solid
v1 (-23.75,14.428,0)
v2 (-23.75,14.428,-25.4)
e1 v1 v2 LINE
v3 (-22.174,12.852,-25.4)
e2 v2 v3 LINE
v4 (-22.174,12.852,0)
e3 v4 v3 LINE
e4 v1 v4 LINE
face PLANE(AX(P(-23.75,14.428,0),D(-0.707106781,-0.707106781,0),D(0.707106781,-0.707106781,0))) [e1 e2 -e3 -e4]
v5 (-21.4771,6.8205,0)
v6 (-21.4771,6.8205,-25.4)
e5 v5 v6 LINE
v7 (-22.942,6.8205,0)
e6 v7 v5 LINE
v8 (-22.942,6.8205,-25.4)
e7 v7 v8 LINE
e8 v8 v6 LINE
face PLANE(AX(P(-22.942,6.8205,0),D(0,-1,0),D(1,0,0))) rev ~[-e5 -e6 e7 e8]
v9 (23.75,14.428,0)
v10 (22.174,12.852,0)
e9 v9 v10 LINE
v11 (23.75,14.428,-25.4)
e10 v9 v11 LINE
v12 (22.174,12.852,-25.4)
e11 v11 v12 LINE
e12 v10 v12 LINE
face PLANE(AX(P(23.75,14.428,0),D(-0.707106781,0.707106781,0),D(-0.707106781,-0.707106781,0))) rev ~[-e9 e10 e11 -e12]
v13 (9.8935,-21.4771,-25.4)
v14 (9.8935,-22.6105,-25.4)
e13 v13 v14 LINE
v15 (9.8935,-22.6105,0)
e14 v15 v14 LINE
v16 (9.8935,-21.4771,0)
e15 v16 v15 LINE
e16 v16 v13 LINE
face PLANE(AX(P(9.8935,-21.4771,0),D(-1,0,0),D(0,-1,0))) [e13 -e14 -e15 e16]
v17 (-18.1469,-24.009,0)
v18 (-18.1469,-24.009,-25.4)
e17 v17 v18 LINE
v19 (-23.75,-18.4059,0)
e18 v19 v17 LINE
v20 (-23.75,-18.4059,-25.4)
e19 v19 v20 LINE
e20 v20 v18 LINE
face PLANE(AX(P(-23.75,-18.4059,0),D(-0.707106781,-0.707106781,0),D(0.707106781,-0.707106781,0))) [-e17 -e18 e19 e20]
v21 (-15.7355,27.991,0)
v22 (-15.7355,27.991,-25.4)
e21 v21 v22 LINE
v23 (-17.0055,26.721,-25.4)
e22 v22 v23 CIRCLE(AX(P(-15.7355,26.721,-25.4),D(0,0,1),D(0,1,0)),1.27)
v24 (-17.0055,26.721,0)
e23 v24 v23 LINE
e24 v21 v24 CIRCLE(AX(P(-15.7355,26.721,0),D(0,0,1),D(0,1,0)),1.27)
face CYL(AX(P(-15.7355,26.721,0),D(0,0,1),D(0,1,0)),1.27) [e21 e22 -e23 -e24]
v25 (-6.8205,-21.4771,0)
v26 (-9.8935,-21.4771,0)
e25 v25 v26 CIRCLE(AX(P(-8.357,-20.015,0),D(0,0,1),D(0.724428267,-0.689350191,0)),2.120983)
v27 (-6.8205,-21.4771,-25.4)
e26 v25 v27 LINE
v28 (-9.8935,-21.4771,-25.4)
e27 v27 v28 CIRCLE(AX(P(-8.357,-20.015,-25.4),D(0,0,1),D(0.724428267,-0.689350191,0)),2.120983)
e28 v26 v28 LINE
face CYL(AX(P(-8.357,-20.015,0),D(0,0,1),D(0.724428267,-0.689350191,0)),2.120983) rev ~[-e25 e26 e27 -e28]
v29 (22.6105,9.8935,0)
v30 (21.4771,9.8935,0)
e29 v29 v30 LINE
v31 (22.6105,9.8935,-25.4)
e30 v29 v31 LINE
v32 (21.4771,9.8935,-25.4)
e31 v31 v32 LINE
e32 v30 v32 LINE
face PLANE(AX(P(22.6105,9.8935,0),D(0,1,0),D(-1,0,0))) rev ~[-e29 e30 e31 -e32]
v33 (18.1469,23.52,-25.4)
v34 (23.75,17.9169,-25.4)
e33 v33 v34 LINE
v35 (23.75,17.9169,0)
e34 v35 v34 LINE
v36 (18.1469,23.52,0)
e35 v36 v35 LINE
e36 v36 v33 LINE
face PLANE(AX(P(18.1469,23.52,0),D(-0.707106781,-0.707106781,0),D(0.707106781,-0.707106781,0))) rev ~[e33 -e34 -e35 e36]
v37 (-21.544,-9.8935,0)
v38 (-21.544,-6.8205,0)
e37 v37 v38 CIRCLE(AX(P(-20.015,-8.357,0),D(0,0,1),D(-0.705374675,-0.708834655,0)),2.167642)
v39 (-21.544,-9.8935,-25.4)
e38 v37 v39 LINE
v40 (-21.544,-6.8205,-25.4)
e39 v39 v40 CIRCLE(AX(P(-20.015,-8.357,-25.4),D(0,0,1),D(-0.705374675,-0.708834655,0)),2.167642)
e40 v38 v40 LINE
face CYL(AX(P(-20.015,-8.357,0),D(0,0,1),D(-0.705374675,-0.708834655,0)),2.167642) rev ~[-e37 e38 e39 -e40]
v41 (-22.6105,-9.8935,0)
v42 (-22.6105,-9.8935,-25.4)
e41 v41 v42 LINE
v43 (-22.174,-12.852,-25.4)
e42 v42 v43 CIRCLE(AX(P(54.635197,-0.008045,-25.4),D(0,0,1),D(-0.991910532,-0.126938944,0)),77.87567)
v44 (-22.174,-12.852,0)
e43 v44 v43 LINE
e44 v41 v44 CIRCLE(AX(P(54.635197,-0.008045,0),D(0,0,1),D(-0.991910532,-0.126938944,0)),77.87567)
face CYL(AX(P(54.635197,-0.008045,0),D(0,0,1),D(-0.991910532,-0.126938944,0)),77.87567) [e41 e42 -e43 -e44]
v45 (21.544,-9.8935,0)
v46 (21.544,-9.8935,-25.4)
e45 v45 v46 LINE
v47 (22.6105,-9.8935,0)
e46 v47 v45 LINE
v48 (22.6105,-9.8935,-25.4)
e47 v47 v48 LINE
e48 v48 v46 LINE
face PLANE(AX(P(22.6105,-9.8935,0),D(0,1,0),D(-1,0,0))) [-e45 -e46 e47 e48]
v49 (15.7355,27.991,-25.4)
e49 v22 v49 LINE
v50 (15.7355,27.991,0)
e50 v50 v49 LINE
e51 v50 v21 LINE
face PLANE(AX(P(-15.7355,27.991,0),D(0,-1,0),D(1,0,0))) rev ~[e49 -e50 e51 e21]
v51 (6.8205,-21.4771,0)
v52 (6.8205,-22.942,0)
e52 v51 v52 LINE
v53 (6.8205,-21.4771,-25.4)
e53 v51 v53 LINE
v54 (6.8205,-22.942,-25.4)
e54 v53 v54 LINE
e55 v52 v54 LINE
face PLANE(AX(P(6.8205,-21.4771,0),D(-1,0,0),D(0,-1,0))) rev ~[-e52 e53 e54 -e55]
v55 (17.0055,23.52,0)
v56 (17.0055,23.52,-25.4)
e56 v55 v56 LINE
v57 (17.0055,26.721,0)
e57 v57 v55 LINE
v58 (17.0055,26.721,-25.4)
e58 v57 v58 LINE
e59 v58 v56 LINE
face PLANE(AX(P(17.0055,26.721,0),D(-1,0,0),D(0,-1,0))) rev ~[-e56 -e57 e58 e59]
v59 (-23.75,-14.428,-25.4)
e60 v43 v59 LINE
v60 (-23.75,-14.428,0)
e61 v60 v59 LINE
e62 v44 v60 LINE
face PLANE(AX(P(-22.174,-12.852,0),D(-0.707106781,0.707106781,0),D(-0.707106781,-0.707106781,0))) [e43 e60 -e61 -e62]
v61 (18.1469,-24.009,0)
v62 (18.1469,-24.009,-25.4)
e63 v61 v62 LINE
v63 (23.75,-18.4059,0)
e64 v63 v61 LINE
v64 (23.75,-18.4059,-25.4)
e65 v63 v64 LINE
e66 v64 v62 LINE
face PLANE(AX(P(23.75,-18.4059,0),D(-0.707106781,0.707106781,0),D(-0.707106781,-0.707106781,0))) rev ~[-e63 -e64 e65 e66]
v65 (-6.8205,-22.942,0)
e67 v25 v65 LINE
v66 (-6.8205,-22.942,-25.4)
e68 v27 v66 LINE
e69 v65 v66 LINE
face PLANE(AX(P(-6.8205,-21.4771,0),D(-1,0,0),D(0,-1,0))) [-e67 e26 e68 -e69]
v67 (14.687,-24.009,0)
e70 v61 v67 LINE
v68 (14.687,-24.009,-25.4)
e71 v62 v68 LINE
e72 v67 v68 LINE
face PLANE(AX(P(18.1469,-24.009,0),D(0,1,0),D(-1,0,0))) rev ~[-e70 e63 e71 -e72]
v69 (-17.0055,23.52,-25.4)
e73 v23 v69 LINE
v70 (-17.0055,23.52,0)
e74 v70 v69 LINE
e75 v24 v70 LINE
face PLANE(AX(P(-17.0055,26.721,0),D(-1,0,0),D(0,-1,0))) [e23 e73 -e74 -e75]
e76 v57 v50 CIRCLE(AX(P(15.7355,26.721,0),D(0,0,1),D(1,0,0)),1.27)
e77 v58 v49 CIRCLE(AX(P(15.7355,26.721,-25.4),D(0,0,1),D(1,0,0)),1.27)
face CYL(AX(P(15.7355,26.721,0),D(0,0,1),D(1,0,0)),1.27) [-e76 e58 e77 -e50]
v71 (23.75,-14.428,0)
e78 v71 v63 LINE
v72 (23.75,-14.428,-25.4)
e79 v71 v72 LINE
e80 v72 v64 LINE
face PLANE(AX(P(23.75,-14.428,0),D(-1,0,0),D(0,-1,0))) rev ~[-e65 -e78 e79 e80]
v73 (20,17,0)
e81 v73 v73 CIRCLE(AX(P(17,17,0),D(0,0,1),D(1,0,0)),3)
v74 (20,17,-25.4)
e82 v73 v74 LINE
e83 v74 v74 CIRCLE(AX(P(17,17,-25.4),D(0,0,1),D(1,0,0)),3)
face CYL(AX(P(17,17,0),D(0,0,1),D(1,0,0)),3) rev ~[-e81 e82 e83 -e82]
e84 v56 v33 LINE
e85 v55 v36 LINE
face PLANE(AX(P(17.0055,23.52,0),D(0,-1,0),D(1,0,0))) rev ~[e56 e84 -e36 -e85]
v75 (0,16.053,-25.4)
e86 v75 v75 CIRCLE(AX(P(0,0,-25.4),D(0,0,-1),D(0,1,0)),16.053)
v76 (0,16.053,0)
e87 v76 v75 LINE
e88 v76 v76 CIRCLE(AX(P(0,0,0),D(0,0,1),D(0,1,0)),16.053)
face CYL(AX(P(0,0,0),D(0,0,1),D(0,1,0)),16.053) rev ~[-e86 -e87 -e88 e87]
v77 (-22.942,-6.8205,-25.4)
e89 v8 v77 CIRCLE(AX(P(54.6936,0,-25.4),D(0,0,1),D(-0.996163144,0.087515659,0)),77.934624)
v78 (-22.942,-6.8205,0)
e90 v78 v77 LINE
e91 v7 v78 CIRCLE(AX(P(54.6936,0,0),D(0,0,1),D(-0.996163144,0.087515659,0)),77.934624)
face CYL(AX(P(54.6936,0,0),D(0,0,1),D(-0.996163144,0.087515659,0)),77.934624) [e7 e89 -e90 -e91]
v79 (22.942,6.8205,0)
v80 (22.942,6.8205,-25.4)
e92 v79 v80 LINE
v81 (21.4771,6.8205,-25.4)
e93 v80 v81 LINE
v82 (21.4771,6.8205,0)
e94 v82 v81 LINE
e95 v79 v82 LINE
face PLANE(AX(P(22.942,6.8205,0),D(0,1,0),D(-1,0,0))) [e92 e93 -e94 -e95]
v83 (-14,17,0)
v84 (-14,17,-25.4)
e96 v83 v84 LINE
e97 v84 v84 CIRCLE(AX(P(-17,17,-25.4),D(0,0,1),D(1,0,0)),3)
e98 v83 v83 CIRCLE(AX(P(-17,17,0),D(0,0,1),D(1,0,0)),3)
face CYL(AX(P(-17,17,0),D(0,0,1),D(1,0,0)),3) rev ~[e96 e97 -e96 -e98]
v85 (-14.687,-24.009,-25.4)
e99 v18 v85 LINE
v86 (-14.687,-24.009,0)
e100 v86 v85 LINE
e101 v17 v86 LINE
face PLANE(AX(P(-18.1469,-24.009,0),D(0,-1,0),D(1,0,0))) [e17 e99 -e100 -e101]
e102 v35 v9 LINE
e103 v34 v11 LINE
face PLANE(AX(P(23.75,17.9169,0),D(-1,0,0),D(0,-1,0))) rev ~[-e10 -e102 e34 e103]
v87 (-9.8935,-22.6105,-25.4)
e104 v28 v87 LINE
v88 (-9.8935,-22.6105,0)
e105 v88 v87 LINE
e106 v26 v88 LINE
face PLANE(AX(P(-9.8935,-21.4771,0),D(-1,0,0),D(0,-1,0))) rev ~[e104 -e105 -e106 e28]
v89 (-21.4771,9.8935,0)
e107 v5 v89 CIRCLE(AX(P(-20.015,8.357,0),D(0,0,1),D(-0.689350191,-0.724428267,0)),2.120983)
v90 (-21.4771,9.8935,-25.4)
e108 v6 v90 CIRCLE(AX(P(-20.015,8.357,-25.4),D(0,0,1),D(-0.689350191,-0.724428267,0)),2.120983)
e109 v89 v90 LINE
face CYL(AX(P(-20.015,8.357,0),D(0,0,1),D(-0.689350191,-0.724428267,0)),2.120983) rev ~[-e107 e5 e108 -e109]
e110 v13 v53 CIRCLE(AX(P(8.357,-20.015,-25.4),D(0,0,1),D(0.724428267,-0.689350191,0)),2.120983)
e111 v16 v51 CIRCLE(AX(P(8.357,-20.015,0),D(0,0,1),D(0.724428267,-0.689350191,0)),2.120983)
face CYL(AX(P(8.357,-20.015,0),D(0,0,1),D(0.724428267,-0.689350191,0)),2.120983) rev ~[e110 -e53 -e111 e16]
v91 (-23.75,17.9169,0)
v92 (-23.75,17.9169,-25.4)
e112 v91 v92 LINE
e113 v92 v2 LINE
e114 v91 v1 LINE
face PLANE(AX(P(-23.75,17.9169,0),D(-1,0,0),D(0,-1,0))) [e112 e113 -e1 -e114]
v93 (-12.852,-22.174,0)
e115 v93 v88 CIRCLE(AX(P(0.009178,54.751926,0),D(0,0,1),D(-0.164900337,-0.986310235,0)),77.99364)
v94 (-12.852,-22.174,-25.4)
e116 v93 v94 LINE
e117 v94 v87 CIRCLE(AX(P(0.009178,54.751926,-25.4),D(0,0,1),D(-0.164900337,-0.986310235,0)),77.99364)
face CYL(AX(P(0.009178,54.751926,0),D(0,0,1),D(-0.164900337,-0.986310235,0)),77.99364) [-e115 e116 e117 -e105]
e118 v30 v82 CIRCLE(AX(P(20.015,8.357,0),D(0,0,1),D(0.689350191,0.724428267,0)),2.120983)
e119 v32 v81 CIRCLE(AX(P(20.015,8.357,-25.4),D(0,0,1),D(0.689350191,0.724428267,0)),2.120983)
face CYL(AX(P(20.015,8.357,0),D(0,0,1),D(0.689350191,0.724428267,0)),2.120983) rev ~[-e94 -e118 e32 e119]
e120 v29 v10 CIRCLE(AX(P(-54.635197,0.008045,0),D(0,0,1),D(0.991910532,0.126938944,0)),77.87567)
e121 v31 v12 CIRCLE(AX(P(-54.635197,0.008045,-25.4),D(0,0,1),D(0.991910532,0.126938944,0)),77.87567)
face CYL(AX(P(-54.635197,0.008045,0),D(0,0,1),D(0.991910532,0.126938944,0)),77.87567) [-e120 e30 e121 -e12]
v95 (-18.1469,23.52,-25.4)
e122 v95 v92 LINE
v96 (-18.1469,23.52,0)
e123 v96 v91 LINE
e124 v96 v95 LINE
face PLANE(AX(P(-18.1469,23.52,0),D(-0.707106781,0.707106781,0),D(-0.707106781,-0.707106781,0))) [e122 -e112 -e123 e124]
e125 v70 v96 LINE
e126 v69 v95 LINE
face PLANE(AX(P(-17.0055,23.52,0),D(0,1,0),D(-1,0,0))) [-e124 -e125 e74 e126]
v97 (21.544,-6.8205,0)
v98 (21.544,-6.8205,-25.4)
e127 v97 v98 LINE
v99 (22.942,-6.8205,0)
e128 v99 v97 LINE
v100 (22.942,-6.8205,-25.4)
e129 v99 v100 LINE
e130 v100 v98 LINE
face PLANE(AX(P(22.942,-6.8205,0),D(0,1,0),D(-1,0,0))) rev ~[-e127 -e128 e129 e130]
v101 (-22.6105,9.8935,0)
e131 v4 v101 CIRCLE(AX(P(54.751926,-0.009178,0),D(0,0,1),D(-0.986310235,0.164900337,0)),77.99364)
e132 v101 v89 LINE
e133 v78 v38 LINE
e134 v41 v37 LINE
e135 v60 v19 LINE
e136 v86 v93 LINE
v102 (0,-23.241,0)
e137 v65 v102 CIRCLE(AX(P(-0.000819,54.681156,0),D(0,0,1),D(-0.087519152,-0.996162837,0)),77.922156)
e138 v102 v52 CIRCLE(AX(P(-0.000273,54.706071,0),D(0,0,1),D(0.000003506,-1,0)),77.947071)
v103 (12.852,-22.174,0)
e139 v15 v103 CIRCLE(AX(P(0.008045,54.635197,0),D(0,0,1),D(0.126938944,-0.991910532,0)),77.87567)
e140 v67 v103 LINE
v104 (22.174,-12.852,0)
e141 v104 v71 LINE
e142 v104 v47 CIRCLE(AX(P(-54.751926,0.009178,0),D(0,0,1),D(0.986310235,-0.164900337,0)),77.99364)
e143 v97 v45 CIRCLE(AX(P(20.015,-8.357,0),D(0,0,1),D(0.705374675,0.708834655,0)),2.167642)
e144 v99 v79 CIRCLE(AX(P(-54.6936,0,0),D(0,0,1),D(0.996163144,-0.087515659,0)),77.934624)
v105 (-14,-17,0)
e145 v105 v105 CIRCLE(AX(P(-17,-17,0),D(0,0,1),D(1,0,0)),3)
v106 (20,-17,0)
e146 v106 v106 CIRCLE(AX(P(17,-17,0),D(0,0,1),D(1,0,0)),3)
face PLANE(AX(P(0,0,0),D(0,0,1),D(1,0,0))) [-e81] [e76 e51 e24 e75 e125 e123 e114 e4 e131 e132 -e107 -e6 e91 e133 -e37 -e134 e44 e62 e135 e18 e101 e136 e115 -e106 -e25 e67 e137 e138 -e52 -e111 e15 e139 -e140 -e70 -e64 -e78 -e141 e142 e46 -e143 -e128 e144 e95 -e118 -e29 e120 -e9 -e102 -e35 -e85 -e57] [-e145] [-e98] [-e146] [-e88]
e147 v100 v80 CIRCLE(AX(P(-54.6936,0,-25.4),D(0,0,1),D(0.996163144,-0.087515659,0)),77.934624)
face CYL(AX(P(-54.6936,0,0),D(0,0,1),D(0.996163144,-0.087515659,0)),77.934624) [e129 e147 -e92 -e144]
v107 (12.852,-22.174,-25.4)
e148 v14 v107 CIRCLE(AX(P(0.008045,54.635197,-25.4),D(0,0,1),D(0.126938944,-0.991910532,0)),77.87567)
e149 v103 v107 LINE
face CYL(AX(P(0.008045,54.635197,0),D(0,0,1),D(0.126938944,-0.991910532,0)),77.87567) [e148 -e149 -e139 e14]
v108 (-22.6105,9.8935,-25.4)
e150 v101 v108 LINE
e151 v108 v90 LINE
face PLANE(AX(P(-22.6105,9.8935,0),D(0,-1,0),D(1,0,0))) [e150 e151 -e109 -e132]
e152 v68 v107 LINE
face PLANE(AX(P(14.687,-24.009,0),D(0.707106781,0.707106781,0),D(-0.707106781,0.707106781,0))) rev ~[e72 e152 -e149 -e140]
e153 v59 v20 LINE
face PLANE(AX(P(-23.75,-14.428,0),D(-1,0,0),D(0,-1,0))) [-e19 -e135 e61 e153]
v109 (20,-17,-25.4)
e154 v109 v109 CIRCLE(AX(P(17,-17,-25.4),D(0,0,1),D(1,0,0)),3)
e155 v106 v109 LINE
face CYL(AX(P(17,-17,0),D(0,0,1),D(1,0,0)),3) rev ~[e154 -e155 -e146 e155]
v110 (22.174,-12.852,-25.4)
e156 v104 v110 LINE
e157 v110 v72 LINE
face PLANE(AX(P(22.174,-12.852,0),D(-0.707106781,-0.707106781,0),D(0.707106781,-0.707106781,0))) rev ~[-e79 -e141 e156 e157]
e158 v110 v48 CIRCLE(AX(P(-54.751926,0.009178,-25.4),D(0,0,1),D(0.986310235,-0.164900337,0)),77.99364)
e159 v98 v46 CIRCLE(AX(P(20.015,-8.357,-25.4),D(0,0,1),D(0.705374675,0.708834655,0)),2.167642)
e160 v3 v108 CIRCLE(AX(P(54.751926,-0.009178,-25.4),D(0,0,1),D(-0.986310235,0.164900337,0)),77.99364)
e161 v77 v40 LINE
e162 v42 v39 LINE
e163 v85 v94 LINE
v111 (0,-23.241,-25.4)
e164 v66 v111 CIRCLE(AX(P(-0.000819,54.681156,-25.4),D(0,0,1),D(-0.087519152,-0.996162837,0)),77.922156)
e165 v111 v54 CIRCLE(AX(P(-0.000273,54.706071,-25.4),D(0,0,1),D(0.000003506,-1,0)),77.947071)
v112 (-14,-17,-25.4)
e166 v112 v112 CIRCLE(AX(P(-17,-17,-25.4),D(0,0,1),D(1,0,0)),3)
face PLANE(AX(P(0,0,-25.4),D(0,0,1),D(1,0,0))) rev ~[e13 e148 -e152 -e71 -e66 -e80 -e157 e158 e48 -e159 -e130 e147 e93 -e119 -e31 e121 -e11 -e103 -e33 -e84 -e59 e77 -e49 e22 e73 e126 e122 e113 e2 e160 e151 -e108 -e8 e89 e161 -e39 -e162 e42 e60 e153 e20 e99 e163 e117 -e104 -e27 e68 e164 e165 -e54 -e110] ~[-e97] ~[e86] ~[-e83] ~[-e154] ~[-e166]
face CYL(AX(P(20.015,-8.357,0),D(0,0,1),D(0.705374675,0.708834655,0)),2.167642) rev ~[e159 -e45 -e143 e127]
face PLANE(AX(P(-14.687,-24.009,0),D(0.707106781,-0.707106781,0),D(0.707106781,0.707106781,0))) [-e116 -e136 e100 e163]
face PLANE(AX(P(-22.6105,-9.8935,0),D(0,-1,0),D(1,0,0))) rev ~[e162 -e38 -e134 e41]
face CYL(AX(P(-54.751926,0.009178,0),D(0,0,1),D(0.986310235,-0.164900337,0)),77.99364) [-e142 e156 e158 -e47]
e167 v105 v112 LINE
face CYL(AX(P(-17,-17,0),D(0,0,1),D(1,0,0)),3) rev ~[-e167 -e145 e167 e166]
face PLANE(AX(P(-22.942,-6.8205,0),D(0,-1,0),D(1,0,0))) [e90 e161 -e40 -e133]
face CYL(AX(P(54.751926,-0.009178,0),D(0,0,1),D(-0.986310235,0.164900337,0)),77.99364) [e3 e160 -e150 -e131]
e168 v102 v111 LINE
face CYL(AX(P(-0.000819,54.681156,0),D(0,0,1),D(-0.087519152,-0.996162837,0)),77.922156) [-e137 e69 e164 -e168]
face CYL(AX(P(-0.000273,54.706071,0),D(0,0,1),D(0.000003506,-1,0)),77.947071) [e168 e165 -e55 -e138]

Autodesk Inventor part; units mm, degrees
ref_plane "YZ Plane" through (0, 0, 0) normal (1, 0, 0) x (0, 1, 0)
ref_plane "XZ Plane" through (0, 0, 0) normal (0, 1, 0) x (-1, 0, 0)
ref_plane "XY Plane" through (0, 0, 0) normal (0, 0, 1) x (1, 0, 0)
sketch "Sketch1" plane through (0, 0, 0) normal (0, 0, 1) x (1, 0, 0)
  arc A0 (0, 16.053) -> (0, -16.053) centre (0, 0) ccw
  arc A1 (-15.7355, 27.991) -> (-17.0055, 26.721) centre (-15.7355, 26.721) ccw
  line L0 (-17.0055, 26.721) -> (-17.0055, 23.52)
  line L1 (-17.0055, 23.52) -> (-18.1469, 23.52)
  line L2 (0, 78.3044) -> (0, -31.8793) projected
  line L3 (-15.7355, 27.991) -> (0, 27.991)
  line L4 (-18.1469, 23.52) -> (-23.75, 17.9169)
  line L5 (-23.75, 17.9169) -> (-23.75, 14.428)
  line L6 (-23.75, 14.428) -> (-22.174, 12.852)
  line L7 (-22.6105, 9.8935) -> (-21.4771, 9.8935)
  arc A2 (-21.4771, 6.8205) -> (-21.4771, 9.8935) centre (-20.015, 8.357) ccw
  line L8 (-22.942, 6.8205) -> (-21.4771, 6.8205)
  arc A3 (-22.174, 12.852) -> (-22.6105, 9.8935) centre (54.6936, 0) ccw
  arc A4 (-21.544, -9.8935) -> (-21.544, -6.8205) centre (-20.015, -8.357) ccw
  line L9 (-22.942, -6.8205) -> (-21.544, -6.8205)
  line L10 (-22.6105, -9.8935) -> (-21.544, -9.8935)
  arc A5 (-22.942, 6.8205) -> (-22.942, -6.8205) centre (54.6936, 0) ccw
  arc A6 (-22.6105, -9.8935) -> (-22.174, -12.852) centre (54.6936, 0) ccw
  line L11 (-22.174, -12.852) -> (-23.75, -14.428)
  line L12 (-23.75, -14.428) -> (-23.75, -18.4059)
  line L13 (-23.75, -18.4059) -> (-18.1469, -24.009)
  line L14 (-18.1469, -24.009) -> (-14.687, -24.009)
  line L15 (-14.687, -24.009) -> (-12.852, -22.174)
  arc A7 (-6.8205, -21.4771) -> (-9.8935, -21.4771) centre (-8.357, -20.015) ccw
  line L16 (-9.8935, -21.4771) -> (-9.8935, -22.6105)
  line L17 (-6.8205, -21.4771) -> (-6.8205, -22.942)
  arc A8 (-12.852, -22.174) -> (-9.8935, -22.6105) centre (0, 54.6936) ccw
  arc A9 (-6.8205, -22.942) -> (0, -23.241) centre (0, 54.6936) ccw
  circle A10 centre (-17, -17) radius 3
  circle A11 centre (-17, 17) radius 3
  arc A12 (0, -16.053) -> (0, 16.053) centre (0, 0) ccw
  arc A13 (17.0055, 26.721) -> (15.7355, 27.991) centre (15.7355, 26.721) ccw
  line L18 (17.0055, 26.721) -> (17.0055, 23.52)
  line L19 (17.0055, 23.52) -> (18.1469, 23.52)
  line L20 (15.7355, 27.991) -> (0, 27.991)
  line L21 (18.1469, 23.52) -> (23.75, 17.9169)
  line L22 (23.75, 17.9169) -> (23.75, 14.428)
  line L23 (23.75, 14.428) -> (22.174, 12.852)
  line L24 (22.6105, 9.8935) -> (21.4771, 9.8935)
  arc A14 (21.4771, 9.8935) -> (21.4771, 6.8205) centre (20.015, 8.357) ccw
  line L25 (22.942, 6.8205) -> (21.4771, 6.8205)
  arc A15 (22.6105, 9.8935) -> (22.174, 12.852) centre (-54.6936, 0) ccw
  arc A16 (21.544, -6.8205) -> (21.544, -9.8935) centre (20.015, -8.357) ccw
  line L26 (22.942, -6.8205) -> (21.544, -6.8205)
  line L27 (22.6105, -9.8935) -> (21.544, -9.8935)
  arc A17 (22.942, -6.8205) -> (22.942, 6.8205) centre (-54.6936, 0) ccw
  arc A18 (22.174, -12.852) -> (22.6105, -9.8935) centre (-54.6936, 0) ccw
  line L28 (22.174, -12.852) -> (23.75, -14.428)
  line L29 (23.75, -14.428) -> (23.75, -18.4059)
  line L30 (23.75, -18.4059) -> (18.1469, -24.009)
  line L31 (18.1469, -24.009) -> (14.687, -24.009)
  line L32 (14.687, -24.009) -> (12.852, -22.174)
  arc A19 (9.8935, -21.4771) -> (6.8205, -21.4771) centre (8.357, -20.015) ccw
  line L33 (9.8935, -21.4771) -> (9.8935, -22.6105)
  line L34 (6.8205, -21.4771) -> (6.8205, -22.942)
  arc A20 (9.8935, -22.6105) -> (12.852, -22.174) centre (0, 54.6936) ccw
  arc A21 (0, -23.241) -> (6.8205, -22.942) centre (0, 54.6936) ccw
  circle A22 centre (17, -17) radius 3
  circle A23 centre (17, 17) radius 3
  arc A24 (22.174, -12.852) -> (22.6105, -9.8935) centre (-54.6936, 0) ccw
  arc A25 (22.942, -6.8205) -> (22.942, 6.8205) centre (-54.6936, 0) ccw
  dimension "d0" = 54.6936
  dimension "d2" = 54.6936
  dimension "d6" = 32.106
  dimension "d8" = 2.54
  dimension "d10" = 15.7355
  dimension "d11" = 26.721
  dimension "d12" = 18.1469
  dimension "d13" = 23.52
  dimension "d14" = 135
  dimension "d15" = 17.9169
  dimension "d16" = 3.4889
  dimension "d17" = 135
  dimension "d18" = 22.174
  dimension "d19" = 9.8935
  dimension "d22" = 22.6105
  dimension "d23" = 20.015
  dimension "d24" = 8.357
  dimension "d25" = 4.242
  dimension "d26" = 6.8205
  dimension "d27" = 8.357
  dimension "d28" = 4.3354
  dimension "d29" = 6.8205
  dimension "d30" = 9.8935
  dimension "d31" = 77.9346
  dimension "d32" = 22.174
  dimension "d33" = 12.852
  dimension "d34" = 45
  dimension "d35" = 14.428
  dimension "d37" = 18.4059
  dimension "d38" = 135
  dimension "d39" = 24.009
  dimension "d41" = 135
  dimension "d42" = 14.687
  dimension "d43" = 20.015
  dimension "d44" = 8.357
  dimension "d45" = 4.242
  dimension "d46" = 9.8935
  dimension "d47" = 6.8205
  dimension "d48" = 77.9346
  dimension "d49" = 77.9346
  dimension "d50" = 17
  dimension "d51" = 17
  dimension "d52" = 6
  dimension "d53" = 17
  dimension "d54" = 6
extrude "PHD, 32MM" add sketch "Sketch1" against normal blind 25.4 contours A0 L2 A9 L17 A7 L16 A8 L15 L14 L13 L12 L11 A6 L10 A4 L9 A5 L8 A2 L7 A3 L6 L5 L4 L1 L0 A1 L3 | L2 L20 A13 L18 L19 L21 L22 L23 A15 L24 A14 L25 A17 L26 A16 L27 A18 L28 L29 L30 L31 L32 A20 L33 A19 L34 A21 A12
equation "\"d27\" = d24"
equation "\"d29\" = d26"
equation "\"d30\" = d19"
equation "\"d53\" = d51"
equation "\"d54\" = d52"
properties part number "EXTRUSION, CYLINDER, ALUMINIUM, PHD, 32MM" material "Extrusion, Aluminum, PHD, 32MM"
